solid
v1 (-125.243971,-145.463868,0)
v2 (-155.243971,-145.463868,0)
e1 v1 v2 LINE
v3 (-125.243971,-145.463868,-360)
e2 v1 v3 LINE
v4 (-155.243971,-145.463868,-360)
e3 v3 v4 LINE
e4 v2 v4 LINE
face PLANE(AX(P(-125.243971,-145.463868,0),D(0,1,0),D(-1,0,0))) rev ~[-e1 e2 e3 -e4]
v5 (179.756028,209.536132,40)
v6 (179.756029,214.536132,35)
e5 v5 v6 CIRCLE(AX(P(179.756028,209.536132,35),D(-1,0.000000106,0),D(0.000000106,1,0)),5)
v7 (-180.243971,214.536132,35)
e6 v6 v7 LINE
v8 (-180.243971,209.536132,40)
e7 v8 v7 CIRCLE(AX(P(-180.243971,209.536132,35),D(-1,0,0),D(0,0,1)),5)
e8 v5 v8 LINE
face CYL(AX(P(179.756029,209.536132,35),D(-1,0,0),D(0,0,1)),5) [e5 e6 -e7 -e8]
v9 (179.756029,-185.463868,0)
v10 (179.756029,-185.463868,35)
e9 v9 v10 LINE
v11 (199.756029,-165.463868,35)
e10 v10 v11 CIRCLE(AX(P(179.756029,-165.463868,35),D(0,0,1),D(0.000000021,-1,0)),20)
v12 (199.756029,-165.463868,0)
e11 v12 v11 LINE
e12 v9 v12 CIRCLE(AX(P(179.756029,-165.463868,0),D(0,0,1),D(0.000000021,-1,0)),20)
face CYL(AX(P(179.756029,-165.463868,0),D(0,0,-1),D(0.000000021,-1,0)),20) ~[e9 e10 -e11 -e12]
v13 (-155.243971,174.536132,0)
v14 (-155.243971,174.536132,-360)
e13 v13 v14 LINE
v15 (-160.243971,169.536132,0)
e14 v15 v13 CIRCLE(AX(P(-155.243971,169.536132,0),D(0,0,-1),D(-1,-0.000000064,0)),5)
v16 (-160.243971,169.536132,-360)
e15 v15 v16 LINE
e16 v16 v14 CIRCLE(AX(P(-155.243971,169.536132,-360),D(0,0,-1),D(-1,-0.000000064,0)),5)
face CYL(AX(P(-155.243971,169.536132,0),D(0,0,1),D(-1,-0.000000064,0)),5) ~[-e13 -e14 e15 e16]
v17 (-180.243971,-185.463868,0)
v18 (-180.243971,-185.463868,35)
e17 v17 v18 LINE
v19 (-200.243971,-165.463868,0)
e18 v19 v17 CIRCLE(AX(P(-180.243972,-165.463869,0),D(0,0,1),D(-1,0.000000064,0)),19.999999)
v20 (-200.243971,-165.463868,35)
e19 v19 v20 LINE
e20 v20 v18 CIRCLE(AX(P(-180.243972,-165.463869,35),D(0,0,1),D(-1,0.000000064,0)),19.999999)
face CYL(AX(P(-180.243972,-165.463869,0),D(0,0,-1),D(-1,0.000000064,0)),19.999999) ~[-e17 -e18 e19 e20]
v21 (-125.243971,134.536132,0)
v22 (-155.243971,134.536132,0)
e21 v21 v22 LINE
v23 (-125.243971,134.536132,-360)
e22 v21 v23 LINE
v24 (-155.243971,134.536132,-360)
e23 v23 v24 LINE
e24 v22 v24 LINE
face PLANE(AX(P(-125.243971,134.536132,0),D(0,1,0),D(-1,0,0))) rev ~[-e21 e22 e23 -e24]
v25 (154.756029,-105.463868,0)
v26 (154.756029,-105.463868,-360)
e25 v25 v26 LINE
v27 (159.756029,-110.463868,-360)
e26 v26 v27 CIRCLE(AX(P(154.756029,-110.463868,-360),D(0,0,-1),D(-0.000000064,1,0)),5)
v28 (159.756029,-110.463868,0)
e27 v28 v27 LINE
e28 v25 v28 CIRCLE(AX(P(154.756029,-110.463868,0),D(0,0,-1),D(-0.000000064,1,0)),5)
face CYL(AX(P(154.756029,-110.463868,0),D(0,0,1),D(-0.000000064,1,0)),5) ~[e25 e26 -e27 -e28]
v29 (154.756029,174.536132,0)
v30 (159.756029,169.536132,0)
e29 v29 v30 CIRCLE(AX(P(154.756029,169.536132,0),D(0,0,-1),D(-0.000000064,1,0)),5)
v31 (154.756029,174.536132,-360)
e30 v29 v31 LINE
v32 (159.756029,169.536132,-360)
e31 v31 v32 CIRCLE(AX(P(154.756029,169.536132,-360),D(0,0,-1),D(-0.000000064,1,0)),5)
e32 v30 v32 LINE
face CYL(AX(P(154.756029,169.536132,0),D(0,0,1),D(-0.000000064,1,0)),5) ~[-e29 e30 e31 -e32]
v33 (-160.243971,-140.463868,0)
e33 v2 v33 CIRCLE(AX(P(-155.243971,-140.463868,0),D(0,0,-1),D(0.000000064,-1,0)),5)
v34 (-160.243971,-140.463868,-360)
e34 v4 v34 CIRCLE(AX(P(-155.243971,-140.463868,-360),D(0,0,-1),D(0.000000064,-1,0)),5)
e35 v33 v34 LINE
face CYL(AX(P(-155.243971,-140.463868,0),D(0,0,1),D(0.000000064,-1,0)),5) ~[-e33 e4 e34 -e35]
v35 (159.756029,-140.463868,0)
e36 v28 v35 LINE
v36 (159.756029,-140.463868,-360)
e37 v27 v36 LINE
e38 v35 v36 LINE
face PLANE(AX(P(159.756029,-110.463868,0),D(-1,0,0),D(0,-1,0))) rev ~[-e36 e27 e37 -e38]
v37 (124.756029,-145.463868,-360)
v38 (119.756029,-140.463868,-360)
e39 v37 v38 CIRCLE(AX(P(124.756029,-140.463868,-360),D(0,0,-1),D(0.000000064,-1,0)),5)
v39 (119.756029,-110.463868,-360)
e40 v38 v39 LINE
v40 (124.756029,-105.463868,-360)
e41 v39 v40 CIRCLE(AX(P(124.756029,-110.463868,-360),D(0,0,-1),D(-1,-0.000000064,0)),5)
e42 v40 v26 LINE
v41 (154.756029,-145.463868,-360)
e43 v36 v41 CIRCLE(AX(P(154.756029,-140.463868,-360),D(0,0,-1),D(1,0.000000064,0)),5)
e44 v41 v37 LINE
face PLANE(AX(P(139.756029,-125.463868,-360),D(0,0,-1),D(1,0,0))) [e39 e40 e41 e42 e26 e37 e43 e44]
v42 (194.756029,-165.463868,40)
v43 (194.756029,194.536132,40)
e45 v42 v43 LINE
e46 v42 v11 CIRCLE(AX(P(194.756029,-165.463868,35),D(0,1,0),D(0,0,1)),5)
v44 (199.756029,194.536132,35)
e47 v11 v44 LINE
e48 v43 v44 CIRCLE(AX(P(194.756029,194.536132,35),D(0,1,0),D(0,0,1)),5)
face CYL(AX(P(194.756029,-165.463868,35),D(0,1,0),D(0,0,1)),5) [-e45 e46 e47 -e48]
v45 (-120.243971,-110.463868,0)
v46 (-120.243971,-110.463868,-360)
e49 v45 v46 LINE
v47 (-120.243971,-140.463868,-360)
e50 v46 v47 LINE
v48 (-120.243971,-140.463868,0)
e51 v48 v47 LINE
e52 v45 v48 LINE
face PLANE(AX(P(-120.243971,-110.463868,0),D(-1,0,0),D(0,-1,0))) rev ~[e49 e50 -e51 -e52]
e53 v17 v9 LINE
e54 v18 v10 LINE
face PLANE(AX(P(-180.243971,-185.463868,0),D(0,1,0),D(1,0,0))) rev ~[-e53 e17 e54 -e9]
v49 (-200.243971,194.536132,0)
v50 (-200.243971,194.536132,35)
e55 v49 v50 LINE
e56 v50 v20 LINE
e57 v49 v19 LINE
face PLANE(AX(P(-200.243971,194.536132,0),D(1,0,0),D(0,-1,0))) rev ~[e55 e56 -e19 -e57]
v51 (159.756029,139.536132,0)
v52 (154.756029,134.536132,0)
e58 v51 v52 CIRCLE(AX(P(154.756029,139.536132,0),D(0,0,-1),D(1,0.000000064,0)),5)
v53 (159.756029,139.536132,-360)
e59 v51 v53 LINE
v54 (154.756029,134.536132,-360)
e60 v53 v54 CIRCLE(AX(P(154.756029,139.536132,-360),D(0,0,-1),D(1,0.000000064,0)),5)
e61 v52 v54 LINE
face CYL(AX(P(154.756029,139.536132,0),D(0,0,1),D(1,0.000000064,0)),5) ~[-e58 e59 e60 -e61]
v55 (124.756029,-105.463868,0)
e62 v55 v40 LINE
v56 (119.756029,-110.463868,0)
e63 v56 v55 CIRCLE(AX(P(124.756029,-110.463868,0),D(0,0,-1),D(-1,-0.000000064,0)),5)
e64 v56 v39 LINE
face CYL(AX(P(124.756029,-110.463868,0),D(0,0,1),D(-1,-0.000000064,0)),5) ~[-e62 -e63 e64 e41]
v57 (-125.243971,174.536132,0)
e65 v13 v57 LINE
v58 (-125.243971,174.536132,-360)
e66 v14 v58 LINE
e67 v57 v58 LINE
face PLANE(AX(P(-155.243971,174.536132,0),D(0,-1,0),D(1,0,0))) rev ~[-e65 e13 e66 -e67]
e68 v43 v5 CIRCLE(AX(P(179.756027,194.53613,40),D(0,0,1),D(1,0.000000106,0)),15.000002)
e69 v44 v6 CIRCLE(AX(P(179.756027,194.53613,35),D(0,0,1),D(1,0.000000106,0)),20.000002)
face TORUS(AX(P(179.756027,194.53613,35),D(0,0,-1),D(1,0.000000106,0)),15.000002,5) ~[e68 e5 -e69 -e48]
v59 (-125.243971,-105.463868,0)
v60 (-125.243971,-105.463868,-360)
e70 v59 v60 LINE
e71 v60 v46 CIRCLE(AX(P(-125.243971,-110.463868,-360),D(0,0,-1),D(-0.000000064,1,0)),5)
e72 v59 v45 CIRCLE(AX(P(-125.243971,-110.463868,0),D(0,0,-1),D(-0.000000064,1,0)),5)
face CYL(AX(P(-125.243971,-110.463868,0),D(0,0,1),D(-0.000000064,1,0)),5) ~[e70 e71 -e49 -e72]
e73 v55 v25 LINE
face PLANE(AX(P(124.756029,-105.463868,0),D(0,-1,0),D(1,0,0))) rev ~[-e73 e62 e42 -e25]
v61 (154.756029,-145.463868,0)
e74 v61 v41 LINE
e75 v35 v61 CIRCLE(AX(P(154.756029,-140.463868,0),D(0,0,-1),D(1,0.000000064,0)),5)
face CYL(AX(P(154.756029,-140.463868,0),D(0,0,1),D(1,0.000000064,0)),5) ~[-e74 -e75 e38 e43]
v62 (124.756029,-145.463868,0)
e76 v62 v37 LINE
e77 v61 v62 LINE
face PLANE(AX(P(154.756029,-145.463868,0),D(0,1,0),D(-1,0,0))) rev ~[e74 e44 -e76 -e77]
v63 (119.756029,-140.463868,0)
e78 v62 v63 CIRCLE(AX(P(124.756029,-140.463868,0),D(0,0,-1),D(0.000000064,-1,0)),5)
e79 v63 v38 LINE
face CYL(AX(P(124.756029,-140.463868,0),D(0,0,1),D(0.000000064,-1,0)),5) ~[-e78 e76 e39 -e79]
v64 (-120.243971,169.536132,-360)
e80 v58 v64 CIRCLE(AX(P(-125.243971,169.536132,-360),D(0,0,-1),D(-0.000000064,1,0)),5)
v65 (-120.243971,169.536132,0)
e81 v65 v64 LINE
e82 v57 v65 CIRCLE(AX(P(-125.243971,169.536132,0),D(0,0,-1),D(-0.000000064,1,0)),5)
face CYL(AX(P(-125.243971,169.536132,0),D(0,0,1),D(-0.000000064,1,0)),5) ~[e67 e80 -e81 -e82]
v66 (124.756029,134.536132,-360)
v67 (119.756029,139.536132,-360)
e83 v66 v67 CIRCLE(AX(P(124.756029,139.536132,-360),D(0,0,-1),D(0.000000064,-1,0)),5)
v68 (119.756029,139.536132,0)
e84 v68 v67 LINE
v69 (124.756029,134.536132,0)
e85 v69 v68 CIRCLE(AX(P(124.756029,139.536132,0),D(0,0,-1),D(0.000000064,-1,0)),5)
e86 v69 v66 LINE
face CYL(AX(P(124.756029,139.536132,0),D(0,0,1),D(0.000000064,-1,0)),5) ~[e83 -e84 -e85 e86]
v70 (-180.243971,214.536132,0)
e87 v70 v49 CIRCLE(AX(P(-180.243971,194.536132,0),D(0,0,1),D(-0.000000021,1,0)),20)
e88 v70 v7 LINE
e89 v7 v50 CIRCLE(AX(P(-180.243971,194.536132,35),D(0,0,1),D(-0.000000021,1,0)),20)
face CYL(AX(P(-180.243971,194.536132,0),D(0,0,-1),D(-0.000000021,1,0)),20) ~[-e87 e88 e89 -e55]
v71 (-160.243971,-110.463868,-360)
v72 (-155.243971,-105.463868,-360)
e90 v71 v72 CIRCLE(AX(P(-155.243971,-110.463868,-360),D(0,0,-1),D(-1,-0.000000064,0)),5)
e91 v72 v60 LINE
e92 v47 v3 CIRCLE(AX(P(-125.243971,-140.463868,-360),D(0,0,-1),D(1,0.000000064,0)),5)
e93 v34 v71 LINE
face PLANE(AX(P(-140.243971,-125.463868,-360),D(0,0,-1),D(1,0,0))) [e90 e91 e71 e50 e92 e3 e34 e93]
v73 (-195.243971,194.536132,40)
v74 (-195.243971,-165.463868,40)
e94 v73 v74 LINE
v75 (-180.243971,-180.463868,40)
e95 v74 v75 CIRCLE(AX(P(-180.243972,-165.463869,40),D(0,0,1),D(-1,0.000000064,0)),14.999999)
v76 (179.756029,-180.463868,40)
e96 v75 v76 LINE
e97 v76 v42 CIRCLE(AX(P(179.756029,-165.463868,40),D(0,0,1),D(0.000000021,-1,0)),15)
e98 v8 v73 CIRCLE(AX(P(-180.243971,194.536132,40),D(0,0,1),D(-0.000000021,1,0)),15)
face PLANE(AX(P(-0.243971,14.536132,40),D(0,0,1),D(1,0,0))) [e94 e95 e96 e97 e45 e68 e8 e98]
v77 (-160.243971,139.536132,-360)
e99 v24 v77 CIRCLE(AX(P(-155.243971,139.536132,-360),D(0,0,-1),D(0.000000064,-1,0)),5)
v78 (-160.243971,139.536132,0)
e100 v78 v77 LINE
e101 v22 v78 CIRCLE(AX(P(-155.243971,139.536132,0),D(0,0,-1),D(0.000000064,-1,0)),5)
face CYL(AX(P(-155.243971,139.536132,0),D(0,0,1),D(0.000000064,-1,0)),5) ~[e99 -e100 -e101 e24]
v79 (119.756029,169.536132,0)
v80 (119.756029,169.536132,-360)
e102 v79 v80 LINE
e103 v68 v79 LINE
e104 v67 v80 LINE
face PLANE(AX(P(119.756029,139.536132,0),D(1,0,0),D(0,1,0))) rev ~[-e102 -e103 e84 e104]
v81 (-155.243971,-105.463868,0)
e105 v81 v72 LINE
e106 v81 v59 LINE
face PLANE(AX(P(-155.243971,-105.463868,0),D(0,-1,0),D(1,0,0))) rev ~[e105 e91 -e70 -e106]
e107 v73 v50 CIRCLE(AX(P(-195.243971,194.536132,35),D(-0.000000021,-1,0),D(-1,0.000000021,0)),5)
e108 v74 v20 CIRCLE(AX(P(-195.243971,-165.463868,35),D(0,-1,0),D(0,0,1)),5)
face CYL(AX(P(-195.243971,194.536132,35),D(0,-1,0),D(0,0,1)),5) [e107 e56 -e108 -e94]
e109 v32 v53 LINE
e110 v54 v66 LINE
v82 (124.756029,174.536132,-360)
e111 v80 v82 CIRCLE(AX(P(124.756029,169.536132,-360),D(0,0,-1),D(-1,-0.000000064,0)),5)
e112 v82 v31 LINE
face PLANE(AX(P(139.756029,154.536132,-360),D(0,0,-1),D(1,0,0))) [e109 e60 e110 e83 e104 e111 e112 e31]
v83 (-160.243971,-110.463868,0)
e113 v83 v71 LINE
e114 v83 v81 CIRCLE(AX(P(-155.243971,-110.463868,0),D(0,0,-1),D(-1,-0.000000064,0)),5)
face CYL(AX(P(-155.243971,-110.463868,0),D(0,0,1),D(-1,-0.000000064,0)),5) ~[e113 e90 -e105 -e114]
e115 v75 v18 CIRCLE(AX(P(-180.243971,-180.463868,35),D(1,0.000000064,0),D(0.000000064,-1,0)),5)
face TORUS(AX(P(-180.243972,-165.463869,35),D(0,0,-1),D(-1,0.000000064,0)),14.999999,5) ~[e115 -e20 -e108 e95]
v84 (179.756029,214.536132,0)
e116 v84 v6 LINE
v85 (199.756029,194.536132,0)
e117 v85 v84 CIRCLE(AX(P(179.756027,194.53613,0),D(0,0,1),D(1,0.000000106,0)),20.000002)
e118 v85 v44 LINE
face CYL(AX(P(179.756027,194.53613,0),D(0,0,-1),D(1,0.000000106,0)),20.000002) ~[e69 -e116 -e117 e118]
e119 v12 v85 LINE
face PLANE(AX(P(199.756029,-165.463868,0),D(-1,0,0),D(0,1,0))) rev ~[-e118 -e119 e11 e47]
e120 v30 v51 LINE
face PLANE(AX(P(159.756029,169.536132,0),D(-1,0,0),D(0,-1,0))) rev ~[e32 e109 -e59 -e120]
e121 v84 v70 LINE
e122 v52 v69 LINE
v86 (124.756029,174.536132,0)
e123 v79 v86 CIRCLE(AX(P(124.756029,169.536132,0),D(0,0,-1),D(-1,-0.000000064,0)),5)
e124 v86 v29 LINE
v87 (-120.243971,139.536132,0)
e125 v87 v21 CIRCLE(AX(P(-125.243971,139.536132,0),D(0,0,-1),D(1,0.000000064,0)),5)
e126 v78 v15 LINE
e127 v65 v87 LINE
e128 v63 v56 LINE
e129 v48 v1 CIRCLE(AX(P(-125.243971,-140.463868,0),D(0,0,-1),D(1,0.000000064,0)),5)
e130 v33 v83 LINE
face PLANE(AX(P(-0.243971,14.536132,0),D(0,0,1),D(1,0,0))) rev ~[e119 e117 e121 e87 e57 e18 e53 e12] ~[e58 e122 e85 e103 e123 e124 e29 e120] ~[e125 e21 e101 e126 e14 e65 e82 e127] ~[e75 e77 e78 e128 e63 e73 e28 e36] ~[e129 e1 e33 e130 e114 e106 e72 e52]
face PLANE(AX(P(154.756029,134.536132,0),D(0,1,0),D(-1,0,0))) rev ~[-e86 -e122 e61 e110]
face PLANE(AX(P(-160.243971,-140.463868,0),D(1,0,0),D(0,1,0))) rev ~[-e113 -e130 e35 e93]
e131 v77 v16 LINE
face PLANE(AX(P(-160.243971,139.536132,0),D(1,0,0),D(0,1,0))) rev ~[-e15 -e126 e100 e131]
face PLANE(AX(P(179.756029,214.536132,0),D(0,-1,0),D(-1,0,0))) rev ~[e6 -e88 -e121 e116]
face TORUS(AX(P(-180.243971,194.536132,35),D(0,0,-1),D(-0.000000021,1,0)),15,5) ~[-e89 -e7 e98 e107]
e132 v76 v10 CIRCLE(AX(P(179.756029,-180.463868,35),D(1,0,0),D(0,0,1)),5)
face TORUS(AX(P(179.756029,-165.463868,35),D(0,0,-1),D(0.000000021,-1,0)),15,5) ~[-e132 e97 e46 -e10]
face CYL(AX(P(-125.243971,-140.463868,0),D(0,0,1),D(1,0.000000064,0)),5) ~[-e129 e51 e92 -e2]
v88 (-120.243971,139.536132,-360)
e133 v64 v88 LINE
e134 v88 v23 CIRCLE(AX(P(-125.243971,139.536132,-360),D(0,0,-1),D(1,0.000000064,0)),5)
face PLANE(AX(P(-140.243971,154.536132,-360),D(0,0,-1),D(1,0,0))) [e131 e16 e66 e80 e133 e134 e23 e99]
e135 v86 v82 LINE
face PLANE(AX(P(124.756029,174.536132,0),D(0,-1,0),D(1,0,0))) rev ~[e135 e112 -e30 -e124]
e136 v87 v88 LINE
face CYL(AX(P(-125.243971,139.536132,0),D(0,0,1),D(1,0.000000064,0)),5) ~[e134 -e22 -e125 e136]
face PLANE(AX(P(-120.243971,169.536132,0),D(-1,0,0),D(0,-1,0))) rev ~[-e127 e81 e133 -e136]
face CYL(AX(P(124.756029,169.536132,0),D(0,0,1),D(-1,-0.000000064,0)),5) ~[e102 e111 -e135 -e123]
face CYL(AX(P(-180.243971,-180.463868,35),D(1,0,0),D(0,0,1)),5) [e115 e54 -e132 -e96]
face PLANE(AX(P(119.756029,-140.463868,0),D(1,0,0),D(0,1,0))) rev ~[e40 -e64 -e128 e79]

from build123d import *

# Parameters (mm, degrees)
F1_DEPTH = 40
F3_DEPTH = 360
F4_R     = 5


with BuildPart() as f1:
    # F0 (on Top) → F1 (new body)
    with BuildSketch(Plane.XY):
        with BuildLine():
            Line((179.756029, 214.536132), (-180.243971, 214.536132))
            ThreePointArc((-180.243971, 214.536132), (-194.386107, 208.678267), (-200.243971, 194.536132))
            Line((-200.243971, 194.536132), (-200.243971, -165.463868))
            ThreePointArc((-200.243971, -165.463868), (-194.386107, -179.606004), (-180.243971, -185.463868))
            Line((-180.243971, -185.463868), (179.756029, -185.463868))
            ThreePointArc((179.756029, -185.463868), (193.898164, -179.606004), (199.756029, -165.463868))
            Line((199.756029, -165.463868), (199.756029, 194.536132))
            ThreePointArc((199.756029, 194.536132), (193.898164, 208.678267), (179.756029, 214.536132))
        make_face()
    extrude(amount=F1_DEPTH)

    # F2 (on face) → F3 (join)
    with BuildSketch(Plane(origin=(0, 0, 0), x_dir=(1, 0, 0), z_dir=(0, 0, -1))):
        with BuildLine():
            Line((-125.243971, 145.463868), (-155.243971, 145.463868))
            ThreePointArc((-155.243971, 145.463868), (-158.779505, 143.999402), (-160.243971, 140.463868))
            Line((-160.243971, 140.463868), (-160.243971, 110.463868))
            ThreePointArc((-160.243971, 110.463868), (-158.779505, 106.928334), (-155.243971, 105.463868))
            Line((-155.243971, 105.463868), (-125.243971, 105.463868))
            ThreePointArc((-125.243971, 105.463868), (-121.708437, 106.928334), (-120.243971, 110.463868))
            Line((-120.243971, 110.463868), (-120.243971, 140.463868))
            ThreePointArc((-120.243971, 140.463868), (-121.708437, 143.999402), (-125.243971, 145.463868))
        make_face()
        with BuildLine():
            Line((-125.243971, -134.536132), (-155.243971, -134.536132))
            ThreePointArc((-155.243971, -134.536132), (-158.779505, -136.000598), (-160.243971, -139.536132))
            Line((-160.243971, -139.536132), (-160.243971, -169.536132))
            ThreePointArc((-160.243971, -169.536132), (-158.779505, -173.071666), (-155.243971, -174.536132))
            Line((-155.243971, -174.536132), (-125.243971, -174.536132))
            ThreePointArc((-125.243971, -174.536132), (-121.708437, -173.071666), (-120.243971, -169.536132))
            Line((-120.243971, -169.536132), (-120.243971, -139.536132))
            ThreePointArc((-120.243971, -139.536132), (-121.708437, -136.000598), (-125.243971, -134.536132))
        make_face()
        with BuildLine():
            Line((154.756029, -134.536132), (124.756029, -134.536132))
            ThreePointArc((124.756029, -134.536132), (121.220495, -136.000598), (119.756029, -139.536132))
            Line((119.756029, -139.536132), (119.756029, -169.536132))
            ThreePointArc((119.756029, -169.536132), (121.220495, -173.071666), (124.756029, -174.536132))
            Line((124.756029, -174.536132), (154.756029, -174.536132))
            ThreePointArc((154.756029, -174.536132), (158.291563, -173.071666), (159.756029, -169.536132))
            Line((159.756029, -169.536132), (159.756029, -139.536132))
            ThreePointArc((159.756029, -139.536132), (158.291563, -136.000598), (154.756029, -134.536132))
        make_face()
        with BuildLine():
            Line((154.756029, 145.463868), (124.756029, 145.463868))
            ThreePointArc((124.756029, 145.463868), (121.220495, 143.999402), (119.756029, 140.463868))
            Line((119.756029, 140.463868), (119.756029, 110.463868))
            ThreePointArc((119.756029, 110.463868), (121.220495, 106.928334), (124.756029, 105.463868))
            Line((124.756029, 105.463868), (154.756029, 105.463868))
            ThreePointArc((154.756029, 105.463868), (158.291563, 106.928334), (159.756029, 110.463868))
            Line((159.756029, 110.463868), (159.756029, 140.463868))
            ThreePointArc((159.756029, 140.463868), (158.291563, 143.999402), (154.756029, 145.463868))
        make_face()
    extrude(amount=F3_DEPTH)

    # F4
    f4_edges = [f1.edges().sort_by_distance(p)[0] for p in [
        (199.756029, 14.536132, 40),
        (193.898164, 208.678267, 40),
        (-0.243971, 214.536132, 40),
        (-194.386107, 208.678267, 40),
        (-200.243971, 14.536132, 40),
        (-194.386107, -179.606004, 40),
        (-0.243971, -185.463868, 40),
        (193.898164, -179.606004, 40),
    ]]
    fillet(f4_edges, radius=F4_R)


solid = f1.part
